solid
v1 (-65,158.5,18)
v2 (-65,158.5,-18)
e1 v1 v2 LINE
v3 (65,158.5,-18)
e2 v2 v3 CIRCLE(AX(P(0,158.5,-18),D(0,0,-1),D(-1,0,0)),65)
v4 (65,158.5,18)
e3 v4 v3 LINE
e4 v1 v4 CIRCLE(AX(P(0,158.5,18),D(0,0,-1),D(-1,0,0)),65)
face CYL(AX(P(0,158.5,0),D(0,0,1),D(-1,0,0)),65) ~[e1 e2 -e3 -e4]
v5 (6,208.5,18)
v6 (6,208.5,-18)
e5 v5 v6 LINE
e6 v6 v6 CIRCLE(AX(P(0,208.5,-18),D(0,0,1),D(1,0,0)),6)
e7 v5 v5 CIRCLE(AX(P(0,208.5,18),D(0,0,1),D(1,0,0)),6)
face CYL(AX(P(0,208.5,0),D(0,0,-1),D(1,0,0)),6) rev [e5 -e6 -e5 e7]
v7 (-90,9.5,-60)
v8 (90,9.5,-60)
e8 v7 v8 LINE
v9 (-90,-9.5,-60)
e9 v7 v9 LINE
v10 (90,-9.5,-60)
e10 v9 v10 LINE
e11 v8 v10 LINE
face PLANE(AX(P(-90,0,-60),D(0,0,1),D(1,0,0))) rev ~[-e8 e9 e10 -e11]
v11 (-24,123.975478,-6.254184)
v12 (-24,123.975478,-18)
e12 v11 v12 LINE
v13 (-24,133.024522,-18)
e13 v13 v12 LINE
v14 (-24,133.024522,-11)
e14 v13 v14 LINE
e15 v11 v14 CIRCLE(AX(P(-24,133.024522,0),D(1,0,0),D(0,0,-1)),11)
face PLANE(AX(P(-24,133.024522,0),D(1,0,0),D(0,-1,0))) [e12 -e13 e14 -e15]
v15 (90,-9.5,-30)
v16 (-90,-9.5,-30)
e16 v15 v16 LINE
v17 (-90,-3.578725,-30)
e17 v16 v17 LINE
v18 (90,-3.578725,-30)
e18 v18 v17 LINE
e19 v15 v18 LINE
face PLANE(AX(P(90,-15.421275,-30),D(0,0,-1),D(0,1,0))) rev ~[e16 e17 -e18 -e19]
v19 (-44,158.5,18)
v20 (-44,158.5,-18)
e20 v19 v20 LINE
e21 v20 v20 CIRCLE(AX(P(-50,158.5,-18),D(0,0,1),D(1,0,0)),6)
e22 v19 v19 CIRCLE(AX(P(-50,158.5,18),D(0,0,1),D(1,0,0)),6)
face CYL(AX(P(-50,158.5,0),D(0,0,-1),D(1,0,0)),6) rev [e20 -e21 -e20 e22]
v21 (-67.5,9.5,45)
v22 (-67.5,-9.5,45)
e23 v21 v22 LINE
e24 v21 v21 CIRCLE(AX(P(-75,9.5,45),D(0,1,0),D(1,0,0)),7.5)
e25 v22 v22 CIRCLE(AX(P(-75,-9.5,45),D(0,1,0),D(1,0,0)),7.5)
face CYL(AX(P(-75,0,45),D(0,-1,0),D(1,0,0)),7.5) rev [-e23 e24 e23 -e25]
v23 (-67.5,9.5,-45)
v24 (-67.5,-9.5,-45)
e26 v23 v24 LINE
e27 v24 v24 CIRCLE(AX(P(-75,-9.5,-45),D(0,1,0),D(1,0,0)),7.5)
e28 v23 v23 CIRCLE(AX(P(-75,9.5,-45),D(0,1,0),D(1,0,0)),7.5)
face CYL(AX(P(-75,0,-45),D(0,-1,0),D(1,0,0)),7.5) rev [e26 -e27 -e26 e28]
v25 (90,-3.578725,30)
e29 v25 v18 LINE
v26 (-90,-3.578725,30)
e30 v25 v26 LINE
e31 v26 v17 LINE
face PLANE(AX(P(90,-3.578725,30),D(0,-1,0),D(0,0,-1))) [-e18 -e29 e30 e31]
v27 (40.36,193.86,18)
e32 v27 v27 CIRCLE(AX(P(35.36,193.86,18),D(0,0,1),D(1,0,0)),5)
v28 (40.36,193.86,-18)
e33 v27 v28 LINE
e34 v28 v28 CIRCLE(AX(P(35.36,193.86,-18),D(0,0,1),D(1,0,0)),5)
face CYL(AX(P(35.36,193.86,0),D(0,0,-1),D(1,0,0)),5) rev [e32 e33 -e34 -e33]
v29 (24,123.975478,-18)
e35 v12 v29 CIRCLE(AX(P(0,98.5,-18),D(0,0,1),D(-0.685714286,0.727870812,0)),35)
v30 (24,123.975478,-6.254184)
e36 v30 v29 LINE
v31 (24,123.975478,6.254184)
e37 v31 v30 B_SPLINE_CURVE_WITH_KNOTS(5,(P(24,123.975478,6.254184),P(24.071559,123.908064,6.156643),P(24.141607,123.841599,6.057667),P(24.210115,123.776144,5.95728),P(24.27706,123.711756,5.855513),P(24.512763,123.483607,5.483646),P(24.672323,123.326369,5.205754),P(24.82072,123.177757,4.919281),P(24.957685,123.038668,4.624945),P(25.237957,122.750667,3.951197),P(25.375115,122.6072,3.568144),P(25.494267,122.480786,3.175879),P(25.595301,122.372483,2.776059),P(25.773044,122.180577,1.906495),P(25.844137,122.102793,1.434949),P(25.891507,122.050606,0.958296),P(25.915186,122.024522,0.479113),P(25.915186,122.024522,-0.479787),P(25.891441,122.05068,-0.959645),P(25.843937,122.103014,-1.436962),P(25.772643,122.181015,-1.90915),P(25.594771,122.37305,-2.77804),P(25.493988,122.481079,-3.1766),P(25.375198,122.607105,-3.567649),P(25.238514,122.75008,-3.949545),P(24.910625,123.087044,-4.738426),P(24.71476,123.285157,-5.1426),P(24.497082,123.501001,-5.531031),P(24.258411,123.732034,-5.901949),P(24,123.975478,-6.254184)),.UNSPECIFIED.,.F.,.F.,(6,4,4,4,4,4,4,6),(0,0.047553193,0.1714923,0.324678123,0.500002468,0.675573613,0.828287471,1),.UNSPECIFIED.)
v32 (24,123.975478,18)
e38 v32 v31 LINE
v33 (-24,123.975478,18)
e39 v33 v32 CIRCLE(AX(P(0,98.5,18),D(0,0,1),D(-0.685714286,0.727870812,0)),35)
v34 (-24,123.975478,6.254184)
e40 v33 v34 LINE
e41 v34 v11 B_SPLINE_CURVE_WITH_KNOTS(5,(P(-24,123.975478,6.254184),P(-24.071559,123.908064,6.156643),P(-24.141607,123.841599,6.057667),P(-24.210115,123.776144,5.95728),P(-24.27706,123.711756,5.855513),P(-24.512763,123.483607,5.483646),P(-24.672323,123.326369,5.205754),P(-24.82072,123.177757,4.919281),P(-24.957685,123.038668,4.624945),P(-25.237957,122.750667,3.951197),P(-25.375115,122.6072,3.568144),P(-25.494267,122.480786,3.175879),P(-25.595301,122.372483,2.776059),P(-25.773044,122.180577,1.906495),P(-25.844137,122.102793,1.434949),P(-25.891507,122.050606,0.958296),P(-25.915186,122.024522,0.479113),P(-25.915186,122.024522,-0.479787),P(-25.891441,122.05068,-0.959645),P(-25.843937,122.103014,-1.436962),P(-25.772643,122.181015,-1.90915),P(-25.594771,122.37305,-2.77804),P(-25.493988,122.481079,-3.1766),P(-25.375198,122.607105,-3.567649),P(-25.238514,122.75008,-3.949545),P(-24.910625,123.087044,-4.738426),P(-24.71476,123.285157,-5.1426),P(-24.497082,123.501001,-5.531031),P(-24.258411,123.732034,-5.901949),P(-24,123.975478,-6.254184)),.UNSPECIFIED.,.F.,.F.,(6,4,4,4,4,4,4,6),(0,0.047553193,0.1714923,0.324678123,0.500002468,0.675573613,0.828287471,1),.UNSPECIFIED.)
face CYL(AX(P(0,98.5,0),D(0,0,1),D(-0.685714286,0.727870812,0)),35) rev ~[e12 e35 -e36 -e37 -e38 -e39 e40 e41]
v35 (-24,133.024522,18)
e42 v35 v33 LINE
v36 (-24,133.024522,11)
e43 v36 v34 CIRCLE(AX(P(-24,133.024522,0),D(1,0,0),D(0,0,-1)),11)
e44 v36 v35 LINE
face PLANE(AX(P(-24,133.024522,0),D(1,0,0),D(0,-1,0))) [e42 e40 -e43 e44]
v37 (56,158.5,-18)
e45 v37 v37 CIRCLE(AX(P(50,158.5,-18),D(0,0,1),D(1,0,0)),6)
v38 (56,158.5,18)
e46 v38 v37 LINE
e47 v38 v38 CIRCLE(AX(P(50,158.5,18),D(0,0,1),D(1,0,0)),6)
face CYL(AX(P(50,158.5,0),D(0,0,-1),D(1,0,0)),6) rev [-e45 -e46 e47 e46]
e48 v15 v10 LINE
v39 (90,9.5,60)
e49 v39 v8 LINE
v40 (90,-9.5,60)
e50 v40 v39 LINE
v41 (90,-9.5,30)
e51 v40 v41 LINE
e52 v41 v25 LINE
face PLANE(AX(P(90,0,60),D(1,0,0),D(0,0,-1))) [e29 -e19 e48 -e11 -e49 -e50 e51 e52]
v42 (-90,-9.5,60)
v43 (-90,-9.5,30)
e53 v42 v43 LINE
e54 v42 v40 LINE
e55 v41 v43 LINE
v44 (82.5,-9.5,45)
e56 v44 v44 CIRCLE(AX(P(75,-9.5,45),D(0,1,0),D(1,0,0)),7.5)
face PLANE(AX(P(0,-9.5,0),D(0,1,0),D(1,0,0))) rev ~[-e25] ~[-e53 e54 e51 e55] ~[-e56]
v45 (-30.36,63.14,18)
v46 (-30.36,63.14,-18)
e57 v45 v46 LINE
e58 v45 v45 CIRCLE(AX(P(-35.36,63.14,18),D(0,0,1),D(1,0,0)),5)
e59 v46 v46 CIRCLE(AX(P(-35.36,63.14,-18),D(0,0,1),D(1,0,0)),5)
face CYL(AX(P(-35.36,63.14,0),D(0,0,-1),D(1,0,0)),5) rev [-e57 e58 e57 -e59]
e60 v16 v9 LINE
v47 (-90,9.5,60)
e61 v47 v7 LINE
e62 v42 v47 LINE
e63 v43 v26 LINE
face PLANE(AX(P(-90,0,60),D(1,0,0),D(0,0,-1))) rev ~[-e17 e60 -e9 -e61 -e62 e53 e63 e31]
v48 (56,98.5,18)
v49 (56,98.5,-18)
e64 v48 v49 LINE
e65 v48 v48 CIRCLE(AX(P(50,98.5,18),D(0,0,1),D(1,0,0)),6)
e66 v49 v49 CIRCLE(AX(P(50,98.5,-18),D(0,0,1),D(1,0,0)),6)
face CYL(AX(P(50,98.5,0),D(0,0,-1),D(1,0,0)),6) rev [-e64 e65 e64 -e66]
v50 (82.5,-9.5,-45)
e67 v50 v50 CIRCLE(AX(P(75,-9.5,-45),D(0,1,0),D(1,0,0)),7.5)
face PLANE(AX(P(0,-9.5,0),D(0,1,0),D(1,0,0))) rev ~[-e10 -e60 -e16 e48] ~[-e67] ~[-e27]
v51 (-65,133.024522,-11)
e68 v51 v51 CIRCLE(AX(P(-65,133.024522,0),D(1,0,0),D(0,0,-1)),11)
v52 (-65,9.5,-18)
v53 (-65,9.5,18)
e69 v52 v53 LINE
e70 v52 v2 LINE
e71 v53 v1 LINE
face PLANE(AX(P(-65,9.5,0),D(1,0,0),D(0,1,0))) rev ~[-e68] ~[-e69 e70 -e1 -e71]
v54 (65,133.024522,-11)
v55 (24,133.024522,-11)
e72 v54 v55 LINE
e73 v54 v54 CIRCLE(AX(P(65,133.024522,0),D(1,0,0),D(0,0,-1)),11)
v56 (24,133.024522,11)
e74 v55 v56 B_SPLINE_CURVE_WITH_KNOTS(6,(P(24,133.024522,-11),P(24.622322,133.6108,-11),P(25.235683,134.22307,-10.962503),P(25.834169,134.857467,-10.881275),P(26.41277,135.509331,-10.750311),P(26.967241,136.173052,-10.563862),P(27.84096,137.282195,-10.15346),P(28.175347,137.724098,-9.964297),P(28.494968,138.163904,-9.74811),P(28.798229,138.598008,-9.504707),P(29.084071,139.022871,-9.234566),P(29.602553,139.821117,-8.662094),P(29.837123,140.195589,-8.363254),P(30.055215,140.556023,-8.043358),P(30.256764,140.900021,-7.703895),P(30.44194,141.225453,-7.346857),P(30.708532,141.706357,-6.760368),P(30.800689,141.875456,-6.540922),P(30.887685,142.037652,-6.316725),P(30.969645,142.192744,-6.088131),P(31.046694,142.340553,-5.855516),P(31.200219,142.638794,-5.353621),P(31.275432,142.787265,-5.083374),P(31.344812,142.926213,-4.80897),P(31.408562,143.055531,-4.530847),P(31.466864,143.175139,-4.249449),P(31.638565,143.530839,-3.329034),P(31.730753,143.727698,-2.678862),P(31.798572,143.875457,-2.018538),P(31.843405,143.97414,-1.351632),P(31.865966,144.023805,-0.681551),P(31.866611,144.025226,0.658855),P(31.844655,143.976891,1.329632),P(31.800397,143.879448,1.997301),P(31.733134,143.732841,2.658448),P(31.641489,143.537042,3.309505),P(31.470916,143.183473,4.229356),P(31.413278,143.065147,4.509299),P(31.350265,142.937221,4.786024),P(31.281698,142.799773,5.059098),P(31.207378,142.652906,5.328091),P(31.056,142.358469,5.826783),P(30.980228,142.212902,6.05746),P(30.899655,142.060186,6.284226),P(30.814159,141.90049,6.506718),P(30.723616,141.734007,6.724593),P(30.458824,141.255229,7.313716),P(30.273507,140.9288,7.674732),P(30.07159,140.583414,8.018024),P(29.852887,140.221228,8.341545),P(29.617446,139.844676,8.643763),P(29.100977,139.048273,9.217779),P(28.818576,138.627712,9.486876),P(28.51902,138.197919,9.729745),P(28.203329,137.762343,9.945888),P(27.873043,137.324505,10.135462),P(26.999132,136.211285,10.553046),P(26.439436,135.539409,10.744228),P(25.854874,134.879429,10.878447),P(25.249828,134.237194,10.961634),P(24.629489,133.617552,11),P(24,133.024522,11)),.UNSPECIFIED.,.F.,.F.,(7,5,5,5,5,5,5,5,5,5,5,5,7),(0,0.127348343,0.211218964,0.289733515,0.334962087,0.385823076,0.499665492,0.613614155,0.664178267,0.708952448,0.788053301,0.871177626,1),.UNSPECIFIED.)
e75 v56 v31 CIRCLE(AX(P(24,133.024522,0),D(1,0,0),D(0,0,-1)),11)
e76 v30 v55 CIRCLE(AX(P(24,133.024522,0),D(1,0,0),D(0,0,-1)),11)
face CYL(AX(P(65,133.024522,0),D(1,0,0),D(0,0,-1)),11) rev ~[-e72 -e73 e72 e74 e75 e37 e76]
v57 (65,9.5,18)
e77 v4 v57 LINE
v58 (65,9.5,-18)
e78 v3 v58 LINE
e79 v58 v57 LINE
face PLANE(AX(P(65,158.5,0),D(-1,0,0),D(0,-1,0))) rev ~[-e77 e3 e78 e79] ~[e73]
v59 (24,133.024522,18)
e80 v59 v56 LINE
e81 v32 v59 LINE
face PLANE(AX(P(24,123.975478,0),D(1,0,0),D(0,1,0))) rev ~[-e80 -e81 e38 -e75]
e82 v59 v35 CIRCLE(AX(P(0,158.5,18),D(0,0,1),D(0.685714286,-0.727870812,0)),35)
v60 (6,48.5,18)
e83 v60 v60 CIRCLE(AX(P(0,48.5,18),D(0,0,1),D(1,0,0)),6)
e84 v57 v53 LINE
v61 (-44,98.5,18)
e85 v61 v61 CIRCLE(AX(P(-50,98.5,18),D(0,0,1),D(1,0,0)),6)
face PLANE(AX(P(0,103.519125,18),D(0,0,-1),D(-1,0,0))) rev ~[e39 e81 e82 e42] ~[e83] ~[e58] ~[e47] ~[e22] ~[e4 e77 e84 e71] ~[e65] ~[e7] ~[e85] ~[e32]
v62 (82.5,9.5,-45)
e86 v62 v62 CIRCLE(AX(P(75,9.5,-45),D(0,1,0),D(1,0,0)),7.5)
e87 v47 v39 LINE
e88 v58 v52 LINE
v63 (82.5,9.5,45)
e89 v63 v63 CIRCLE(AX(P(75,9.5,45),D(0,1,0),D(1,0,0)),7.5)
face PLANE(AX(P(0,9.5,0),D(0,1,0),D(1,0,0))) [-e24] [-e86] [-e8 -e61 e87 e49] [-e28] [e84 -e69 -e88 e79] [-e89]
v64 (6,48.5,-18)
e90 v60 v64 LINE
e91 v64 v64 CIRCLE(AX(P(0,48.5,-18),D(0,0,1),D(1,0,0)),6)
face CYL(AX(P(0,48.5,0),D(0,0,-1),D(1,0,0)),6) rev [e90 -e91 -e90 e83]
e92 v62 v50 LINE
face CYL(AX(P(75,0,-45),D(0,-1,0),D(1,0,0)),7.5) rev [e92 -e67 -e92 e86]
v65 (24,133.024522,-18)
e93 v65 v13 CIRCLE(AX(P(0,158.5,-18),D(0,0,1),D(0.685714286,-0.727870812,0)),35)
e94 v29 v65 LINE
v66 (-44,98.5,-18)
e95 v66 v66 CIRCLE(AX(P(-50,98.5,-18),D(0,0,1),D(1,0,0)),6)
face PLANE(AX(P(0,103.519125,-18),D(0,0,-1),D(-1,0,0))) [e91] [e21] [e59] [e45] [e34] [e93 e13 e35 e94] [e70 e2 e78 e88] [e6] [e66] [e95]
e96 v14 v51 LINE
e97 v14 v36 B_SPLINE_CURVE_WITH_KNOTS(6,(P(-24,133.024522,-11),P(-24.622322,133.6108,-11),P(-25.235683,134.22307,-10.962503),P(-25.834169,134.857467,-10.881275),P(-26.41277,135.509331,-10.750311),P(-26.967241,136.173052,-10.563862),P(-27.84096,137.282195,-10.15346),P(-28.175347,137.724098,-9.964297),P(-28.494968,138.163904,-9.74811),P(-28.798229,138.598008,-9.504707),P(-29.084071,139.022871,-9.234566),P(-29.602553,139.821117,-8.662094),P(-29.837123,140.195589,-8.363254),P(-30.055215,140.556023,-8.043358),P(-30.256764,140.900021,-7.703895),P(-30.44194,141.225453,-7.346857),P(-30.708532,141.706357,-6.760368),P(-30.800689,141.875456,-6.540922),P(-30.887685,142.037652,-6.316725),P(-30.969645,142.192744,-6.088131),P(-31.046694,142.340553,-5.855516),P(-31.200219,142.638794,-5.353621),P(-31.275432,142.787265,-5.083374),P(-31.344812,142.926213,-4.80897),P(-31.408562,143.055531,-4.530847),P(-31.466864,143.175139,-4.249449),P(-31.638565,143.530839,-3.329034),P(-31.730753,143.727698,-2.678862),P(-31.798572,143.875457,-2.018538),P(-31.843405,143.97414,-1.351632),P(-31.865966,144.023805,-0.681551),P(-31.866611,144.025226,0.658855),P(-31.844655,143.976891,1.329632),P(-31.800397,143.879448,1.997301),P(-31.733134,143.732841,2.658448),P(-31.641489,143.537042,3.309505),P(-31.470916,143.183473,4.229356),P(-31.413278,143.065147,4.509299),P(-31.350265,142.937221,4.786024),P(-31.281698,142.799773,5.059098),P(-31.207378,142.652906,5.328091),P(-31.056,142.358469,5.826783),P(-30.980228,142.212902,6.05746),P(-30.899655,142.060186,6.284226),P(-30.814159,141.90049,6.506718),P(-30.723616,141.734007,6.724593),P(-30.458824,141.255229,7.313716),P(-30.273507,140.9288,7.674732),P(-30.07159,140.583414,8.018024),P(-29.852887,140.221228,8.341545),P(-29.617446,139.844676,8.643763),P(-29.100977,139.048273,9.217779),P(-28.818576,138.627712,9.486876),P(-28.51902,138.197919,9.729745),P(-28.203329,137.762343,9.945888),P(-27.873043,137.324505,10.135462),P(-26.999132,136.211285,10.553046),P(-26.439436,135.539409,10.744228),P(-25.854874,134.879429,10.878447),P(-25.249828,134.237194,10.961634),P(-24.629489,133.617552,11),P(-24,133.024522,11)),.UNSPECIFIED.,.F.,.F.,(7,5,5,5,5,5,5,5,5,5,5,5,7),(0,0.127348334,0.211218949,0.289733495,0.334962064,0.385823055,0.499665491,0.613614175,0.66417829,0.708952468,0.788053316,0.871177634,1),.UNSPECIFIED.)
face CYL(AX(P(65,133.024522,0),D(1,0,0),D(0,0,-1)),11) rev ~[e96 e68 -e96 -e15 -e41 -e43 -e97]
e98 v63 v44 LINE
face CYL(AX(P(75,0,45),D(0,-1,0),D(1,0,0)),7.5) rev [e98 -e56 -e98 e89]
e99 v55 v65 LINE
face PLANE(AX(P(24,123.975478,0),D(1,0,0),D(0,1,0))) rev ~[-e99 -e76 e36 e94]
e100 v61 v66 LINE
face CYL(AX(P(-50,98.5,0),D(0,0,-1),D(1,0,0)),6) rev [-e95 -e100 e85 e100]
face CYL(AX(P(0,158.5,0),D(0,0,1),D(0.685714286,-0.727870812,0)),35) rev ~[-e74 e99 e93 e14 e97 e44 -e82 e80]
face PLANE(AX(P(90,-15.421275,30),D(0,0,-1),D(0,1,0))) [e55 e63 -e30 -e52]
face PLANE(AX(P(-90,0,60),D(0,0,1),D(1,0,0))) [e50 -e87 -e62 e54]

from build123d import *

# Parameters (mm, degrees)
SKETCH2_W           = 180
SKETCH2_H           = 120
SKETCH2_R           = 7.5
BOSS_EXTRUDE1_DEPTH = 9.5
SKETCH14_R          = 6
SKETCH14_R_2        = 5
BOSS_EXTRUDE5_DEPTH = 18
SKETCH16_R          = 9
CUT_EXTRUDE6_DEPTH  = 156
SKETCH18_R          = 11
CUT_EXTRUDE7_DEPTH  = 156
SKETCH19_W          = 60
SKETCH19_H          = 11.842550856
CUT_EXTRUDE8_DEPTH  = 181


with BuildPart() as part:
    # Sketch2 → Boss-Extrude1 (new body, symmetric)
    with BuildSketch(Plane(origin=(0, 0, 0), x_dir=(1, 0, 0), z_dir=(0, 1, 0))):
        Rectangle(SKETCH2_W, SKETCH2_H)
        with Locations((-75, 45)):
            Circle(SKETCH2_R, mode=Mode.SUBTRACT)
        with Locations((75, 45)):
            Circle(SKETCH2_R, mode=Mode.SUBTRACT)
        with Locations((75, -45)):
            Circle(SKETCH2_R, mode=Mode.SUBTRACT)
        with Locations((-75, -45)):
            Circle(SKETCH2_R, mode=Mode.SUBTRACT)
    extrude(amount=BOSS_EXTRUDE1_DEPTH, both=True)

    # Sketch14 → Boss-Extrude5 (add, symmetric)
    with BuildSketch(Plane.XY):
        with BuildLine():
            Line((-65, 9.5), (-65, 158.5))
            ThreePointArc((-65, 158.5), (0, 223.5), (65, 158.5))
            Line((65, 158.5), (65, 9.5))
            Line((65, 9.5), (-65, 9.5))
        make_face()
        with Locations((0, 208.5)):
            Circle(SKETCH14_R, mode=Mode.SUBTRACT)
        with Locations((0, 48.5)):
            Circle(SKETCH14_R, mode=Mode.SUBTRACT)
        with Locations((-50, 158.5)):
            Circle(SKETCH14_R, mode=Mode.SUBTRACT)
        with Locations((-50, 98.5)):
            Circle(SKETCH14_R, mode=Mode.SUBTRACT)
        with Locations((50, 98.5)):
            Circle(SKETCH14_R, mode=Mode.SUBTRACT)
        with Locations((50, 158.5)):
            Circle(SKETCH14_R, mode=Mode.SUBTRACT)
        with Locations((-35.36, 63.14)):
            Circle(SKETCH14_R_2, mode=Mode.SUBTRACT)
        with Locations((35.36, 193.86)):
            Circle(SKETCH14_R_2, mode=Mode.SUBTRACT)
        with BuildLine():
            Line((-24, 133.024521594), (-24, 123.975478406))
            ThreePointArc((-24, 123.975478406), (0, 63.5), (24, 123.975478406))
            Line((24, 123.975478406), (24, 133.024521594))
            ThreePointArc((24, 133.024521594), (0, 193.5), (-24, 133.024521594))
        make_face(mode=Mode.SUBTRACT)
    extrude(amount=BOSS_EXTRUDE5_DEPTH, both=True)

    # Sketch16 → Cut-Extrude6 (cut, through all)
    with BuildSketch(Plane(origin=(65, 0, 0), x_dir=(0, 0, -1), z_dir=(1, 0, 0))):
        with Locations((0, 133.024521594)):
            Circle(SKETCH16_R)
    extrude(amount=-CUT_EXTRUDE6_DEPTH, mode=Mode.SUBTRACT)

    # Sketch18 → Cut-Extrude7 (cut, through all)
    with BuildSketch(Plane(origin=(65, 0, 0), x_dir=(0, 0, -1), z_dir=(1, 0, 0))):
        with Locations((0, 133.024521594)):
            Circle(SKETCH18_R)
    extrude(amount=-CUT_EXTRUDE7_DEPTH, mode=Mode.SUBTRACT)

    # Sketch19 → Cut-Extrude8 (cut, through all)
    with BuildSketch(Plane(origin=(90, 0, 0), x_dir=(0, 0, -1), z_dir=(1, 0, 0))):
        with Locations((0, -9.5)):
            Rectangle(SKETCH19_W, SKETCH19_H)
    extrude(amount=-CUT_EXTRUDE8_DEPTH, mode=Mode.SUBTRACT)


solid = part.part
